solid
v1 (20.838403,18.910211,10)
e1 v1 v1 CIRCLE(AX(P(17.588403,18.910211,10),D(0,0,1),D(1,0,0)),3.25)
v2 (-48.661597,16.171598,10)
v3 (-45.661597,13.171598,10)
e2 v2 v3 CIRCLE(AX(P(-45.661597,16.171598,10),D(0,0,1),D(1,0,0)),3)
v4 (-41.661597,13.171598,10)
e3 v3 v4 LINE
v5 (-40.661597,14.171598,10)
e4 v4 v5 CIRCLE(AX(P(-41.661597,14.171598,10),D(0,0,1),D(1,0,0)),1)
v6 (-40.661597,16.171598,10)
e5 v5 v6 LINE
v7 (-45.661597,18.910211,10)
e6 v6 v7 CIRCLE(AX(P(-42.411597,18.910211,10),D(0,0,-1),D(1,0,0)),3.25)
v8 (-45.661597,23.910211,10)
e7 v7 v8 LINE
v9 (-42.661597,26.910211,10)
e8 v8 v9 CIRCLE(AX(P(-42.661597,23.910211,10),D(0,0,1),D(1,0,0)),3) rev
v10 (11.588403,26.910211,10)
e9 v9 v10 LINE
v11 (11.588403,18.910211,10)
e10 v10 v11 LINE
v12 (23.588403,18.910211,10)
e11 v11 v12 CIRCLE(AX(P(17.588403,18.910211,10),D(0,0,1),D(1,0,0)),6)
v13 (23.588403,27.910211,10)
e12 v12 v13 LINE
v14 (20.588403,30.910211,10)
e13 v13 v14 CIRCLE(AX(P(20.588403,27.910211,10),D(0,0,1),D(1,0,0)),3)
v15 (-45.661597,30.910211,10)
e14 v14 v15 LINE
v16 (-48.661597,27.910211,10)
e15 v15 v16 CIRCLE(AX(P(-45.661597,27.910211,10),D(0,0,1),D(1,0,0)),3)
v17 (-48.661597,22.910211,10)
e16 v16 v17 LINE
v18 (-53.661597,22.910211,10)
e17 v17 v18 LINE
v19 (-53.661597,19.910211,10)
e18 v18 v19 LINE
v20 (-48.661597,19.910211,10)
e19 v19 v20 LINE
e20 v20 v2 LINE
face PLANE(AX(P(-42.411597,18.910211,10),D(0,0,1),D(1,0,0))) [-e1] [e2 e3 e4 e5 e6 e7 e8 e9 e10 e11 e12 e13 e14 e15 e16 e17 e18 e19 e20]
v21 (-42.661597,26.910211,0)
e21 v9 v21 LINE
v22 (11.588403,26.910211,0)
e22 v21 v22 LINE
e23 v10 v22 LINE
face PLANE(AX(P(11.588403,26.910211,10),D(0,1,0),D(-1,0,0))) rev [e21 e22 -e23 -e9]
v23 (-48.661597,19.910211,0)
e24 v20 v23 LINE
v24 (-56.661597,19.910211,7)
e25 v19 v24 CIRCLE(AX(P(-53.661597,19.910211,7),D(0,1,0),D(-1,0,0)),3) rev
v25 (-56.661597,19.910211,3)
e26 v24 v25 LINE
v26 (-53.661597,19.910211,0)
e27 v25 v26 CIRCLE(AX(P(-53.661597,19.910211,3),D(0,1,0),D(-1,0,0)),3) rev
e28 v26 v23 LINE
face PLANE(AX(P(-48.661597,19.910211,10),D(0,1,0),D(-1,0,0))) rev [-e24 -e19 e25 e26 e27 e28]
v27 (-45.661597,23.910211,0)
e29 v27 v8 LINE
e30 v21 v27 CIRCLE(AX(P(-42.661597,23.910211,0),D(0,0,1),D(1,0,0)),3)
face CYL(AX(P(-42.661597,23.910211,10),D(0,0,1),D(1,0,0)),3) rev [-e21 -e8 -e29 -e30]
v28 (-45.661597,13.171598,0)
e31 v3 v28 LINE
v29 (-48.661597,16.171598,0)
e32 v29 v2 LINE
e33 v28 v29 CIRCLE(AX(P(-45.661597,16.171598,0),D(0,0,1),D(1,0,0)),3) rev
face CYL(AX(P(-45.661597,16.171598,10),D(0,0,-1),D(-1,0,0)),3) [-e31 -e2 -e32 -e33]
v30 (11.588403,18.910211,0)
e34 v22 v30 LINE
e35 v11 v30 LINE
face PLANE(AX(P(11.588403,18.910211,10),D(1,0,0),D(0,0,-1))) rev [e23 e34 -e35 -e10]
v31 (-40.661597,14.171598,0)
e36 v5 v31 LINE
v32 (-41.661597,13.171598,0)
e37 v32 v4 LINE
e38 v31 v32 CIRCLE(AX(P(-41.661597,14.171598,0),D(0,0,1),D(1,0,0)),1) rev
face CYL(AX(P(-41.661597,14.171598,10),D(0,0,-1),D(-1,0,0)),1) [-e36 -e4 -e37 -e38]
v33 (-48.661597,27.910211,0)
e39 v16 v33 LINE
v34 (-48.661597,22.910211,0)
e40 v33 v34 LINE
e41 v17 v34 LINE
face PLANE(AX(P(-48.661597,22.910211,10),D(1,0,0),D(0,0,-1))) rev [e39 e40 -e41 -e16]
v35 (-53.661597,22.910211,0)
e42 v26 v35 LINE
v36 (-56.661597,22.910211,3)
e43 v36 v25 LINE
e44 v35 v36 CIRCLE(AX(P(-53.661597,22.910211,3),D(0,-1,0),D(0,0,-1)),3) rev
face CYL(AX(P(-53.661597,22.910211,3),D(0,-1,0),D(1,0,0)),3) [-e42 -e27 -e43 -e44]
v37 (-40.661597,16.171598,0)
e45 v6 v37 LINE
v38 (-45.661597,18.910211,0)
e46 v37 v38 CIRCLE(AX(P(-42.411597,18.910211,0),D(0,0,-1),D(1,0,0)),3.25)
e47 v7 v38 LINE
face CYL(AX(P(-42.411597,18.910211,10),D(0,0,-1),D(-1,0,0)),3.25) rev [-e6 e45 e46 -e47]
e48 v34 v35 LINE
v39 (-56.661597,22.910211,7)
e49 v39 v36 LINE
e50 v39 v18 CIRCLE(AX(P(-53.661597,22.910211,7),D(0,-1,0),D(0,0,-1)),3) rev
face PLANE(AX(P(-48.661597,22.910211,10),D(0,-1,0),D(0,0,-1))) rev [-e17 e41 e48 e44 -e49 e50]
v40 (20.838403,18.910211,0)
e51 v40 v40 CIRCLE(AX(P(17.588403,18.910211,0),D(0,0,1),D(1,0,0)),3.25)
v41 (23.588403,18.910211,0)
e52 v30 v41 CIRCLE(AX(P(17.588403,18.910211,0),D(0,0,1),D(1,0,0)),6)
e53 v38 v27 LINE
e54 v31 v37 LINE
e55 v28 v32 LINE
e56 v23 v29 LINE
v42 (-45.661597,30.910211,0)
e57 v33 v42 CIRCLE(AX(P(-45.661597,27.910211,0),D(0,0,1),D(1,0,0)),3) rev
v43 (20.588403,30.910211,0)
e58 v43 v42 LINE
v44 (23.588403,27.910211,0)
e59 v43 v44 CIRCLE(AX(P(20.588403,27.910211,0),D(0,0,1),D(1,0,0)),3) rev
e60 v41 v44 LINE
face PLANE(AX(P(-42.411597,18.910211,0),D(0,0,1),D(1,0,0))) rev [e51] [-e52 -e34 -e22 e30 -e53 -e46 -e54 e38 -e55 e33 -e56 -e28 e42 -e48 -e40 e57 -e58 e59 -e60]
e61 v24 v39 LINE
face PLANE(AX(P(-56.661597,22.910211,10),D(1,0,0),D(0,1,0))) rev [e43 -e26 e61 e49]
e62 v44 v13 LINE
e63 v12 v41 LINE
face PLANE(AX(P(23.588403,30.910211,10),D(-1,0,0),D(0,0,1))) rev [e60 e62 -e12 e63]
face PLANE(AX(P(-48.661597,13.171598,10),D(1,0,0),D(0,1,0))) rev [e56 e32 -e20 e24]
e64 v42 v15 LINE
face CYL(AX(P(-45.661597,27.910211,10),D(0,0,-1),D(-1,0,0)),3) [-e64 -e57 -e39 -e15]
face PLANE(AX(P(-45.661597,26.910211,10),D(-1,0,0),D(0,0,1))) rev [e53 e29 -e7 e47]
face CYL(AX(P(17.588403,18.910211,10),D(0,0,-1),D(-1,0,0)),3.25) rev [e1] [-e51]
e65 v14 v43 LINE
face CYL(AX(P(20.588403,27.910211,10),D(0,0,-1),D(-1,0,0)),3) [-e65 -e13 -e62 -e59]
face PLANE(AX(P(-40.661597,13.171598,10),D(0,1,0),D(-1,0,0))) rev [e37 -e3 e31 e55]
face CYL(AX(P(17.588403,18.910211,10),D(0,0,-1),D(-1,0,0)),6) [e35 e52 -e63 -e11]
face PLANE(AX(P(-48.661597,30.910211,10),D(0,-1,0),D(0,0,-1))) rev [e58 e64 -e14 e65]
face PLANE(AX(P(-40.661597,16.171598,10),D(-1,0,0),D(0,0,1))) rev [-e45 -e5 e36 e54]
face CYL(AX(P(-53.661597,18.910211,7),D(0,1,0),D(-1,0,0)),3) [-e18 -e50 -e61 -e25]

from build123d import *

# Parameters (mm, degrees)
ESQUISSE1_R        = 3.25
BOSS_EXTRU_1_DEPTH = 10
CONG_1_R           = 3
CONG_2_R           = 1


with BuildPart() as part:
    # Esquisse1 → Boss.-Extru.1 (new body)
    with BuildSketch(Plane.XY):
        with BuildLine():
            Line((11.588403104, 18.910210832), (11.588403104, 26.910210832))
            Line((11.588403104, 26.910210832), (-45.661596896, 26.910210832))
            Line((-45.661596896, 26.910210832), (-45.661596896, 18.910210832))
            ThreePointArc((-45.661596896, 18.910210832), (-43.972846395, 16.059772269), (-40.661596896, 16.171598045))
            Line((-40.661596896, 16.171598045), (-40.661596896, 13.171598045))
            Line((-40.661596896, 13.171598045), (-48.661596896, 13.171598045))
            Line((-48.661596896, 13.171598045), (-48.661596896, 19.910210832))
            Line((-48.661596896, 19.910210832), (-56.661596896, 19.910210832))
            Line((-56.661596896, 19.910210832), (-56.661596896, 22.910210832))
            Line((-56.661596896, 22.910210832), (-48.661596896, 22.910210832))
            Line((-48.661596896, 22.910210832), (-48.661596896, 30.910210832))
            Line((-48.661596896, 30.910210832), (23.588403104, 30.910210832))
            Line((23.588403104, 30.910210832), (23.588403104, 18.910210832))
            ThreePointArc((23.588403104, 18.910210832), (17.588403104, 12.910210832), (11.588403104, 18.910210832))
        make_face()
        with Locations((17.588403104, 18.910210832)):
            Circle(ESQUISSE1_R, mode=Mode.SUBTRACT)
    extrude(amount=BOSS_EXTRU_1_DEPTH)

    # Congé1
    cong_1_edges = [part.edges().sort_by_distance(p)[0] for p in [
        (-56.661596896, 21.410210832, 0),
        (-48.661596896, 30.910210832, 5),
        (23.588403104, 30.910210832, 5),
        (-45.661596896, 26.910210832, 5),
        (-48.661596896, 13.171598045, 5),
        (-56.661596896, 21.410210832, 10),
    ]]
    fillet(cong_1_edges, radius=CONG_1_R)

    # Congé2
    cong_2_edges = [part.edges().sort_by_distance(p)[0] for p in [
        (-40.661596896, 13.171598045, 5),
    ]]
    fillet(cong_2_edges, radius=CONG_2_R)


solid = part.part
